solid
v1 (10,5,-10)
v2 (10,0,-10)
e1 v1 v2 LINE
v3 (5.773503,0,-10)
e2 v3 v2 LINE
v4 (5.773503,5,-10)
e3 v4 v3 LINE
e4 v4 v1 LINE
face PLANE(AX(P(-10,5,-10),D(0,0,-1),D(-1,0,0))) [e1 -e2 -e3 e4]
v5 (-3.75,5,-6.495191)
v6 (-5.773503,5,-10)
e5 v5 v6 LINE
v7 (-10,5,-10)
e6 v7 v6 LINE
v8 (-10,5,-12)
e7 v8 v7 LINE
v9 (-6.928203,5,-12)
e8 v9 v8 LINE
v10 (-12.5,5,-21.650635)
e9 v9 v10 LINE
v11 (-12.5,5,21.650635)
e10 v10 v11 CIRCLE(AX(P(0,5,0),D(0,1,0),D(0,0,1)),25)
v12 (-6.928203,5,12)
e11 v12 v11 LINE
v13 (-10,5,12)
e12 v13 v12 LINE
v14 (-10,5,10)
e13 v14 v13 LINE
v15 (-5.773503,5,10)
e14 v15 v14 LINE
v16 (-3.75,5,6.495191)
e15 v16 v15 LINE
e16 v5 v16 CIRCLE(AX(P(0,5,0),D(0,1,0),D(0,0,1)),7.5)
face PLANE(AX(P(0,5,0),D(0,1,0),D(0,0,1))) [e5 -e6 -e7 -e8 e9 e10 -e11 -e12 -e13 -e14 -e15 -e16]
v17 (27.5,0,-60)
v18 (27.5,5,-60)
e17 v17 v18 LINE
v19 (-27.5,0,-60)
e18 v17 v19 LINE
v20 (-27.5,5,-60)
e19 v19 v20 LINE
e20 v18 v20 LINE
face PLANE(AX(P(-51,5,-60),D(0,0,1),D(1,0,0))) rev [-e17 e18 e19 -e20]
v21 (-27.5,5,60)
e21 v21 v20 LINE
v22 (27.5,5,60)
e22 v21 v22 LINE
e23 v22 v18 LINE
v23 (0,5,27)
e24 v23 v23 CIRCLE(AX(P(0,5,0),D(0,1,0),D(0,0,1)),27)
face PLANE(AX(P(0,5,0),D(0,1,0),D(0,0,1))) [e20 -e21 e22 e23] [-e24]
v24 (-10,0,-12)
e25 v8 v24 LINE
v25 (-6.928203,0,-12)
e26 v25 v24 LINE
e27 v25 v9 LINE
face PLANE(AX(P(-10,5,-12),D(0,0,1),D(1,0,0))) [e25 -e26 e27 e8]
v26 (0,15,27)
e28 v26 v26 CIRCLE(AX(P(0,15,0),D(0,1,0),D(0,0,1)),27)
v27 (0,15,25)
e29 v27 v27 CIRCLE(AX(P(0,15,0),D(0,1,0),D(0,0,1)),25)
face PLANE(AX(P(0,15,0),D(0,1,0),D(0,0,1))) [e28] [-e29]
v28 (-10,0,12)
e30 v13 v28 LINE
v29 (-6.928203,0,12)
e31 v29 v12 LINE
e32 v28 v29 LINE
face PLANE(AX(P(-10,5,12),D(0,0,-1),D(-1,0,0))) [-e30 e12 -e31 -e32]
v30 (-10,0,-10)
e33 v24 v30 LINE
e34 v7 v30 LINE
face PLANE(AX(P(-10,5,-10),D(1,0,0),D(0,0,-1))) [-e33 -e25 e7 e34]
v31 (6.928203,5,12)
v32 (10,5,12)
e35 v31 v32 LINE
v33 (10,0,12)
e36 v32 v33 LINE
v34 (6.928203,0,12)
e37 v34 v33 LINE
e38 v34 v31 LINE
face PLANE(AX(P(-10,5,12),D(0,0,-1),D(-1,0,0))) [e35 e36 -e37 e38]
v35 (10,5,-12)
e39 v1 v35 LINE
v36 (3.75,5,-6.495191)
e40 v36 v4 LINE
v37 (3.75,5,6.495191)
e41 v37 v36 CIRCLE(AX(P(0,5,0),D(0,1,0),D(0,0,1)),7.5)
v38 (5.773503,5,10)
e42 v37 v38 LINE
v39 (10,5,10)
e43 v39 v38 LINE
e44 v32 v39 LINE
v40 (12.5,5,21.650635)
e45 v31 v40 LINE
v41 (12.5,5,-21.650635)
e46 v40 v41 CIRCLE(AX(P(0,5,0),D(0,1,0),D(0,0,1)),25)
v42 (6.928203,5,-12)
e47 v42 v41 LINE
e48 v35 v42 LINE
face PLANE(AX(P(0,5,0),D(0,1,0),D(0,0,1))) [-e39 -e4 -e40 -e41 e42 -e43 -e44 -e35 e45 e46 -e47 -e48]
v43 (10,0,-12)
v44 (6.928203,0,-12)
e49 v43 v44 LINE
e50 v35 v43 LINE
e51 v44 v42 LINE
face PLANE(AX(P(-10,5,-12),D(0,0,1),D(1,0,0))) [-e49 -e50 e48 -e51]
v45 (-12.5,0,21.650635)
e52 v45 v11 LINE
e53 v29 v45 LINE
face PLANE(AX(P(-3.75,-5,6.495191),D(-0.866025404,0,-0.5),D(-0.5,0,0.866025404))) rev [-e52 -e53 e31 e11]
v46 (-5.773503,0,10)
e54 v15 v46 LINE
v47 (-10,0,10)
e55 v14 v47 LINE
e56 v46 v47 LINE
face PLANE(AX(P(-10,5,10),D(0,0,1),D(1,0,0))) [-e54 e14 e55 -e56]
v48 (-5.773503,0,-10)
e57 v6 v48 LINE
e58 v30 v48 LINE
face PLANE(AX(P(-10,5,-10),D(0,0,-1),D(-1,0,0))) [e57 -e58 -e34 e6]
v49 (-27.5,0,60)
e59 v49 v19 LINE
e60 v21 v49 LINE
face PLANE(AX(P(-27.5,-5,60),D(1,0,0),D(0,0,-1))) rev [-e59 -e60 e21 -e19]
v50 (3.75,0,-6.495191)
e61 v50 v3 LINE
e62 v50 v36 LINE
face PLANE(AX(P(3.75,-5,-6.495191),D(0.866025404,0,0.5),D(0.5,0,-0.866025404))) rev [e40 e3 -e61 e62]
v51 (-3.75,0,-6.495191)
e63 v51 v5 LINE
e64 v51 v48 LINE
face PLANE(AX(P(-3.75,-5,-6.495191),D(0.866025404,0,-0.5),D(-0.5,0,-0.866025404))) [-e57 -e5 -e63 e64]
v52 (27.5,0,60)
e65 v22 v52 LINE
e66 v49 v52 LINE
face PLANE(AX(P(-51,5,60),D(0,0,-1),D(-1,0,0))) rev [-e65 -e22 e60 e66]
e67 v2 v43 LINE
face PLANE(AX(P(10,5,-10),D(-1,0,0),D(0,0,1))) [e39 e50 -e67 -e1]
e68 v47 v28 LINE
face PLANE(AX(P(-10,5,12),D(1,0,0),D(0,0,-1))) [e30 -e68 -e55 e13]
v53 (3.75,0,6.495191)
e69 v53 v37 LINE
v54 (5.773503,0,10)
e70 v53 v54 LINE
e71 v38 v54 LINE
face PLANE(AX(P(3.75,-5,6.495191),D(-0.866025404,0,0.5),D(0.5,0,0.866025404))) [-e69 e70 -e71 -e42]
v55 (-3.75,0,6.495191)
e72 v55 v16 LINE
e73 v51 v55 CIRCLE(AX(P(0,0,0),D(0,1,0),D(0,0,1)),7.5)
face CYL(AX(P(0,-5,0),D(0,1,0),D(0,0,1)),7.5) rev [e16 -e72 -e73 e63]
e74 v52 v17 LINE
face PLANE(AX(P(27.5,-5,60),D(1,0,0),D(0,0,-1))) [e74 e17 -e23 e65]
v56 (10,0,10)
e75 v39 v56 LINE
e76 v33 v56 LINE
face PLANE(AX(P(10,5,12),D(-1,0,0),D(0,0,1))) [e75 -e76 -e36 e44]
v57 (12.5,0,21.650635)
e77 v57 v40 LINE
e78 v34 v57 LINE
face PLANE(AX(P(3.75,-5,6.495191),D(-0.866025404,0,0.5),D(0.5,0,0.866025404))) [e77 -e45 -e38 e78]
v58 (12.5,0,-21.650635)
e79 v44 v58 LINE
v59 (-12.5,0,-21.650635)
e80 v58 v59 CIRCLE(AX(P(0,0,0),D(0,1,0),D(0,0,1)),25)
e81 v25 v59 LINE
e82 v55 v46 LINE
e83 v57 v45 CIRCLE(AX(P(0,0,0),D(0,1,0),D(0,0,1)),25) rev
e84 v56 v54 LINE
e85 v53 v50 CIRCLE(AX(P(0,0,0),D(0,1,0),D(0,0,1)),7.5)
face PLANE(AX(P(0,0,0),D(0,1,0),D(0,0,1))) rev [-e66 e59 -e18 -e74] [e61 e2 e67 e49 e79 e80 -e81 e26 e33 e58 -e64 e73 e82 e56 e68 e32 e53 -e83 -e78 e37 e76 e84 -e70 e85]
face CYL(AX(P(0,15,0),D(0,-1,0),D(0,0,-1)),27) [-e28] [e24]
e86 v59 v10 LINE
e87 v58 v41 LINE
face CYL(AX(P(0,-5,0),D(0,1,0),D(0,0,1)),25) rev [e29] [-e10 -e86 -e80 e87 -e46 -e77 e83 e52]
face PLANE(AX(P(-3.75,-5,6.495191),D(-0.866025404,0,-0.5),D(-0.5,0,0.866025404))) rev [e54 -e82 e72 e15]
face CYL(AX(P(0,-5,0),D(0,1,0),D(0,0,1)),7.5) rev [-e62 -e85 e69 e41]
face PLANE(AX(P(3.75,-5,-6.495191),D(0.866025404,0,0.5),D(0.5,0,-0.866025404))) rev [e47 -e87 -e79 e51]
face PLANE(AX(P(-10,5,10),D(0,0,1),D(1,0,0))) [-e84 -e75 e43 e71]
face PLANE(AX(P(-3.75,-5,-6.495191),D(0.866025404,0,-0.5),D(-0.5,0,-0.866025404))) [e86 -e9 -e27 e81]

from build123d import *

# Parameters (mm, degrees)
SKETCH1_W           = 102
SKETCH1_H           = 120
SKETCH1_W_2         = 20
SKETCH1_H_2         = 2
BOSS_EXTRUDE1_DEPTH = 5
CUT_EXTRUDE12_DEPTH = 10
BOSS_EXTRUDE3_START = 10
SKETCH5_R           = 27
SKETCH5_R_2         = 25
BOSS_EXTRUDE3_DEPTH = 10
SKETCH6_W           = 23.5
SKETCH6_H           = 120
CUT_EXTRUDE15_DEPTH = 10


with BuildPart() as part:
    # Sketch1 → Boss-Extrude1 (new body)
    with BuildSketch(Plane(origin=(0, 0, 0), x_dir=(1, 0, 0), z_dir=(0, 1, 0))):
        Rectangle(SKETCH1_W, SKETCH1_H)
        with Locations((0, -11)):
            Rectangle(SKETCH1_W_2, SKETCH1_H_2, mode=Mode.SUBTRACT)
        with Locations((0, 11)):
            Rectangle(SKETCH1_W_2, SKETCH1_H_2, mode=Mode.SUBTRACT)
    extrude(amount=BOSS_EXTRUDE1_DEPTH)

    # Sketch2 → Cut-Extrude12 (cut)
    with BuildSketch(Plane(origin=(0, 5, 0), x_dir=(1, 0, 0), z_dir=(0, 1, 0))):
        with BuildLine():
            Line((3.75, 6.495190528), (12.5, 21.650635095))
            ThreePointArc((12.5, 21.650635095), (0, 25), (-12.5, 21.650635095))
            Line((-12.5, 21.650635095), (-3.75, 6.495190528))
            ThreePointArc((-3.75, 6.495190528), (-7.5, 0), (-3.75, -6.495190528))
            Line((-3.75, -6.495190528), (-12.5, -21.650635095))
            ThreePointArc((-12.5, -21.650635095), (0, -25), (12.5, -21.650635095))
            Line((12.5, -21.650635095), (3.75, -6.495190528))
            ThreePointArc((3.75, -6.495190528), (7.5, 0), (3.75, 6.495190528))
        make_face()
    extrude(amount=-CUT_EXTRUDE12_DEPTH, mode=Mode.SUBTRACT)

    # Sketch5 → Boss-Extrude3 (add)
    with BuildSketch(Plane(origin=(0, 5, 0), x_dir=(1, 0, 0), z_dir=(0, 1, 0)).offset(BOSS_EXTRUDE3_START)):
        with Locations(Location((0, 0, 0), (0, 0, 270))):
            Circle(SKETCH5_R)
        with Locations(Location((0, 0, 0), (0, 0, 270))):
            Circle(SKETCH5_R_2, mode=Mode.SUBTRACT)
    extrude(amount=-BOSS_EXTRUDE3_DEPTH)

    # Sketch6 → Cut-Extrude15 (cut)
    with BuildSketch(Plane(origin=(0, 5, 0), x_dir=(1, 0, 0), z_dir=(0, 1, 0))):
        with Locations((-39.25, 0)):
            Rectangle(SKETCH6_W, SKETCH6_H)
        with Locations((39.25, 0)):
            Rectangle(SKETCH6_W, SKETCH6_H)
    extrude(amount=-CUT_EXTRUDE15_DEPTH, mode=Mode.SUBTRACT)


solid = part.part
